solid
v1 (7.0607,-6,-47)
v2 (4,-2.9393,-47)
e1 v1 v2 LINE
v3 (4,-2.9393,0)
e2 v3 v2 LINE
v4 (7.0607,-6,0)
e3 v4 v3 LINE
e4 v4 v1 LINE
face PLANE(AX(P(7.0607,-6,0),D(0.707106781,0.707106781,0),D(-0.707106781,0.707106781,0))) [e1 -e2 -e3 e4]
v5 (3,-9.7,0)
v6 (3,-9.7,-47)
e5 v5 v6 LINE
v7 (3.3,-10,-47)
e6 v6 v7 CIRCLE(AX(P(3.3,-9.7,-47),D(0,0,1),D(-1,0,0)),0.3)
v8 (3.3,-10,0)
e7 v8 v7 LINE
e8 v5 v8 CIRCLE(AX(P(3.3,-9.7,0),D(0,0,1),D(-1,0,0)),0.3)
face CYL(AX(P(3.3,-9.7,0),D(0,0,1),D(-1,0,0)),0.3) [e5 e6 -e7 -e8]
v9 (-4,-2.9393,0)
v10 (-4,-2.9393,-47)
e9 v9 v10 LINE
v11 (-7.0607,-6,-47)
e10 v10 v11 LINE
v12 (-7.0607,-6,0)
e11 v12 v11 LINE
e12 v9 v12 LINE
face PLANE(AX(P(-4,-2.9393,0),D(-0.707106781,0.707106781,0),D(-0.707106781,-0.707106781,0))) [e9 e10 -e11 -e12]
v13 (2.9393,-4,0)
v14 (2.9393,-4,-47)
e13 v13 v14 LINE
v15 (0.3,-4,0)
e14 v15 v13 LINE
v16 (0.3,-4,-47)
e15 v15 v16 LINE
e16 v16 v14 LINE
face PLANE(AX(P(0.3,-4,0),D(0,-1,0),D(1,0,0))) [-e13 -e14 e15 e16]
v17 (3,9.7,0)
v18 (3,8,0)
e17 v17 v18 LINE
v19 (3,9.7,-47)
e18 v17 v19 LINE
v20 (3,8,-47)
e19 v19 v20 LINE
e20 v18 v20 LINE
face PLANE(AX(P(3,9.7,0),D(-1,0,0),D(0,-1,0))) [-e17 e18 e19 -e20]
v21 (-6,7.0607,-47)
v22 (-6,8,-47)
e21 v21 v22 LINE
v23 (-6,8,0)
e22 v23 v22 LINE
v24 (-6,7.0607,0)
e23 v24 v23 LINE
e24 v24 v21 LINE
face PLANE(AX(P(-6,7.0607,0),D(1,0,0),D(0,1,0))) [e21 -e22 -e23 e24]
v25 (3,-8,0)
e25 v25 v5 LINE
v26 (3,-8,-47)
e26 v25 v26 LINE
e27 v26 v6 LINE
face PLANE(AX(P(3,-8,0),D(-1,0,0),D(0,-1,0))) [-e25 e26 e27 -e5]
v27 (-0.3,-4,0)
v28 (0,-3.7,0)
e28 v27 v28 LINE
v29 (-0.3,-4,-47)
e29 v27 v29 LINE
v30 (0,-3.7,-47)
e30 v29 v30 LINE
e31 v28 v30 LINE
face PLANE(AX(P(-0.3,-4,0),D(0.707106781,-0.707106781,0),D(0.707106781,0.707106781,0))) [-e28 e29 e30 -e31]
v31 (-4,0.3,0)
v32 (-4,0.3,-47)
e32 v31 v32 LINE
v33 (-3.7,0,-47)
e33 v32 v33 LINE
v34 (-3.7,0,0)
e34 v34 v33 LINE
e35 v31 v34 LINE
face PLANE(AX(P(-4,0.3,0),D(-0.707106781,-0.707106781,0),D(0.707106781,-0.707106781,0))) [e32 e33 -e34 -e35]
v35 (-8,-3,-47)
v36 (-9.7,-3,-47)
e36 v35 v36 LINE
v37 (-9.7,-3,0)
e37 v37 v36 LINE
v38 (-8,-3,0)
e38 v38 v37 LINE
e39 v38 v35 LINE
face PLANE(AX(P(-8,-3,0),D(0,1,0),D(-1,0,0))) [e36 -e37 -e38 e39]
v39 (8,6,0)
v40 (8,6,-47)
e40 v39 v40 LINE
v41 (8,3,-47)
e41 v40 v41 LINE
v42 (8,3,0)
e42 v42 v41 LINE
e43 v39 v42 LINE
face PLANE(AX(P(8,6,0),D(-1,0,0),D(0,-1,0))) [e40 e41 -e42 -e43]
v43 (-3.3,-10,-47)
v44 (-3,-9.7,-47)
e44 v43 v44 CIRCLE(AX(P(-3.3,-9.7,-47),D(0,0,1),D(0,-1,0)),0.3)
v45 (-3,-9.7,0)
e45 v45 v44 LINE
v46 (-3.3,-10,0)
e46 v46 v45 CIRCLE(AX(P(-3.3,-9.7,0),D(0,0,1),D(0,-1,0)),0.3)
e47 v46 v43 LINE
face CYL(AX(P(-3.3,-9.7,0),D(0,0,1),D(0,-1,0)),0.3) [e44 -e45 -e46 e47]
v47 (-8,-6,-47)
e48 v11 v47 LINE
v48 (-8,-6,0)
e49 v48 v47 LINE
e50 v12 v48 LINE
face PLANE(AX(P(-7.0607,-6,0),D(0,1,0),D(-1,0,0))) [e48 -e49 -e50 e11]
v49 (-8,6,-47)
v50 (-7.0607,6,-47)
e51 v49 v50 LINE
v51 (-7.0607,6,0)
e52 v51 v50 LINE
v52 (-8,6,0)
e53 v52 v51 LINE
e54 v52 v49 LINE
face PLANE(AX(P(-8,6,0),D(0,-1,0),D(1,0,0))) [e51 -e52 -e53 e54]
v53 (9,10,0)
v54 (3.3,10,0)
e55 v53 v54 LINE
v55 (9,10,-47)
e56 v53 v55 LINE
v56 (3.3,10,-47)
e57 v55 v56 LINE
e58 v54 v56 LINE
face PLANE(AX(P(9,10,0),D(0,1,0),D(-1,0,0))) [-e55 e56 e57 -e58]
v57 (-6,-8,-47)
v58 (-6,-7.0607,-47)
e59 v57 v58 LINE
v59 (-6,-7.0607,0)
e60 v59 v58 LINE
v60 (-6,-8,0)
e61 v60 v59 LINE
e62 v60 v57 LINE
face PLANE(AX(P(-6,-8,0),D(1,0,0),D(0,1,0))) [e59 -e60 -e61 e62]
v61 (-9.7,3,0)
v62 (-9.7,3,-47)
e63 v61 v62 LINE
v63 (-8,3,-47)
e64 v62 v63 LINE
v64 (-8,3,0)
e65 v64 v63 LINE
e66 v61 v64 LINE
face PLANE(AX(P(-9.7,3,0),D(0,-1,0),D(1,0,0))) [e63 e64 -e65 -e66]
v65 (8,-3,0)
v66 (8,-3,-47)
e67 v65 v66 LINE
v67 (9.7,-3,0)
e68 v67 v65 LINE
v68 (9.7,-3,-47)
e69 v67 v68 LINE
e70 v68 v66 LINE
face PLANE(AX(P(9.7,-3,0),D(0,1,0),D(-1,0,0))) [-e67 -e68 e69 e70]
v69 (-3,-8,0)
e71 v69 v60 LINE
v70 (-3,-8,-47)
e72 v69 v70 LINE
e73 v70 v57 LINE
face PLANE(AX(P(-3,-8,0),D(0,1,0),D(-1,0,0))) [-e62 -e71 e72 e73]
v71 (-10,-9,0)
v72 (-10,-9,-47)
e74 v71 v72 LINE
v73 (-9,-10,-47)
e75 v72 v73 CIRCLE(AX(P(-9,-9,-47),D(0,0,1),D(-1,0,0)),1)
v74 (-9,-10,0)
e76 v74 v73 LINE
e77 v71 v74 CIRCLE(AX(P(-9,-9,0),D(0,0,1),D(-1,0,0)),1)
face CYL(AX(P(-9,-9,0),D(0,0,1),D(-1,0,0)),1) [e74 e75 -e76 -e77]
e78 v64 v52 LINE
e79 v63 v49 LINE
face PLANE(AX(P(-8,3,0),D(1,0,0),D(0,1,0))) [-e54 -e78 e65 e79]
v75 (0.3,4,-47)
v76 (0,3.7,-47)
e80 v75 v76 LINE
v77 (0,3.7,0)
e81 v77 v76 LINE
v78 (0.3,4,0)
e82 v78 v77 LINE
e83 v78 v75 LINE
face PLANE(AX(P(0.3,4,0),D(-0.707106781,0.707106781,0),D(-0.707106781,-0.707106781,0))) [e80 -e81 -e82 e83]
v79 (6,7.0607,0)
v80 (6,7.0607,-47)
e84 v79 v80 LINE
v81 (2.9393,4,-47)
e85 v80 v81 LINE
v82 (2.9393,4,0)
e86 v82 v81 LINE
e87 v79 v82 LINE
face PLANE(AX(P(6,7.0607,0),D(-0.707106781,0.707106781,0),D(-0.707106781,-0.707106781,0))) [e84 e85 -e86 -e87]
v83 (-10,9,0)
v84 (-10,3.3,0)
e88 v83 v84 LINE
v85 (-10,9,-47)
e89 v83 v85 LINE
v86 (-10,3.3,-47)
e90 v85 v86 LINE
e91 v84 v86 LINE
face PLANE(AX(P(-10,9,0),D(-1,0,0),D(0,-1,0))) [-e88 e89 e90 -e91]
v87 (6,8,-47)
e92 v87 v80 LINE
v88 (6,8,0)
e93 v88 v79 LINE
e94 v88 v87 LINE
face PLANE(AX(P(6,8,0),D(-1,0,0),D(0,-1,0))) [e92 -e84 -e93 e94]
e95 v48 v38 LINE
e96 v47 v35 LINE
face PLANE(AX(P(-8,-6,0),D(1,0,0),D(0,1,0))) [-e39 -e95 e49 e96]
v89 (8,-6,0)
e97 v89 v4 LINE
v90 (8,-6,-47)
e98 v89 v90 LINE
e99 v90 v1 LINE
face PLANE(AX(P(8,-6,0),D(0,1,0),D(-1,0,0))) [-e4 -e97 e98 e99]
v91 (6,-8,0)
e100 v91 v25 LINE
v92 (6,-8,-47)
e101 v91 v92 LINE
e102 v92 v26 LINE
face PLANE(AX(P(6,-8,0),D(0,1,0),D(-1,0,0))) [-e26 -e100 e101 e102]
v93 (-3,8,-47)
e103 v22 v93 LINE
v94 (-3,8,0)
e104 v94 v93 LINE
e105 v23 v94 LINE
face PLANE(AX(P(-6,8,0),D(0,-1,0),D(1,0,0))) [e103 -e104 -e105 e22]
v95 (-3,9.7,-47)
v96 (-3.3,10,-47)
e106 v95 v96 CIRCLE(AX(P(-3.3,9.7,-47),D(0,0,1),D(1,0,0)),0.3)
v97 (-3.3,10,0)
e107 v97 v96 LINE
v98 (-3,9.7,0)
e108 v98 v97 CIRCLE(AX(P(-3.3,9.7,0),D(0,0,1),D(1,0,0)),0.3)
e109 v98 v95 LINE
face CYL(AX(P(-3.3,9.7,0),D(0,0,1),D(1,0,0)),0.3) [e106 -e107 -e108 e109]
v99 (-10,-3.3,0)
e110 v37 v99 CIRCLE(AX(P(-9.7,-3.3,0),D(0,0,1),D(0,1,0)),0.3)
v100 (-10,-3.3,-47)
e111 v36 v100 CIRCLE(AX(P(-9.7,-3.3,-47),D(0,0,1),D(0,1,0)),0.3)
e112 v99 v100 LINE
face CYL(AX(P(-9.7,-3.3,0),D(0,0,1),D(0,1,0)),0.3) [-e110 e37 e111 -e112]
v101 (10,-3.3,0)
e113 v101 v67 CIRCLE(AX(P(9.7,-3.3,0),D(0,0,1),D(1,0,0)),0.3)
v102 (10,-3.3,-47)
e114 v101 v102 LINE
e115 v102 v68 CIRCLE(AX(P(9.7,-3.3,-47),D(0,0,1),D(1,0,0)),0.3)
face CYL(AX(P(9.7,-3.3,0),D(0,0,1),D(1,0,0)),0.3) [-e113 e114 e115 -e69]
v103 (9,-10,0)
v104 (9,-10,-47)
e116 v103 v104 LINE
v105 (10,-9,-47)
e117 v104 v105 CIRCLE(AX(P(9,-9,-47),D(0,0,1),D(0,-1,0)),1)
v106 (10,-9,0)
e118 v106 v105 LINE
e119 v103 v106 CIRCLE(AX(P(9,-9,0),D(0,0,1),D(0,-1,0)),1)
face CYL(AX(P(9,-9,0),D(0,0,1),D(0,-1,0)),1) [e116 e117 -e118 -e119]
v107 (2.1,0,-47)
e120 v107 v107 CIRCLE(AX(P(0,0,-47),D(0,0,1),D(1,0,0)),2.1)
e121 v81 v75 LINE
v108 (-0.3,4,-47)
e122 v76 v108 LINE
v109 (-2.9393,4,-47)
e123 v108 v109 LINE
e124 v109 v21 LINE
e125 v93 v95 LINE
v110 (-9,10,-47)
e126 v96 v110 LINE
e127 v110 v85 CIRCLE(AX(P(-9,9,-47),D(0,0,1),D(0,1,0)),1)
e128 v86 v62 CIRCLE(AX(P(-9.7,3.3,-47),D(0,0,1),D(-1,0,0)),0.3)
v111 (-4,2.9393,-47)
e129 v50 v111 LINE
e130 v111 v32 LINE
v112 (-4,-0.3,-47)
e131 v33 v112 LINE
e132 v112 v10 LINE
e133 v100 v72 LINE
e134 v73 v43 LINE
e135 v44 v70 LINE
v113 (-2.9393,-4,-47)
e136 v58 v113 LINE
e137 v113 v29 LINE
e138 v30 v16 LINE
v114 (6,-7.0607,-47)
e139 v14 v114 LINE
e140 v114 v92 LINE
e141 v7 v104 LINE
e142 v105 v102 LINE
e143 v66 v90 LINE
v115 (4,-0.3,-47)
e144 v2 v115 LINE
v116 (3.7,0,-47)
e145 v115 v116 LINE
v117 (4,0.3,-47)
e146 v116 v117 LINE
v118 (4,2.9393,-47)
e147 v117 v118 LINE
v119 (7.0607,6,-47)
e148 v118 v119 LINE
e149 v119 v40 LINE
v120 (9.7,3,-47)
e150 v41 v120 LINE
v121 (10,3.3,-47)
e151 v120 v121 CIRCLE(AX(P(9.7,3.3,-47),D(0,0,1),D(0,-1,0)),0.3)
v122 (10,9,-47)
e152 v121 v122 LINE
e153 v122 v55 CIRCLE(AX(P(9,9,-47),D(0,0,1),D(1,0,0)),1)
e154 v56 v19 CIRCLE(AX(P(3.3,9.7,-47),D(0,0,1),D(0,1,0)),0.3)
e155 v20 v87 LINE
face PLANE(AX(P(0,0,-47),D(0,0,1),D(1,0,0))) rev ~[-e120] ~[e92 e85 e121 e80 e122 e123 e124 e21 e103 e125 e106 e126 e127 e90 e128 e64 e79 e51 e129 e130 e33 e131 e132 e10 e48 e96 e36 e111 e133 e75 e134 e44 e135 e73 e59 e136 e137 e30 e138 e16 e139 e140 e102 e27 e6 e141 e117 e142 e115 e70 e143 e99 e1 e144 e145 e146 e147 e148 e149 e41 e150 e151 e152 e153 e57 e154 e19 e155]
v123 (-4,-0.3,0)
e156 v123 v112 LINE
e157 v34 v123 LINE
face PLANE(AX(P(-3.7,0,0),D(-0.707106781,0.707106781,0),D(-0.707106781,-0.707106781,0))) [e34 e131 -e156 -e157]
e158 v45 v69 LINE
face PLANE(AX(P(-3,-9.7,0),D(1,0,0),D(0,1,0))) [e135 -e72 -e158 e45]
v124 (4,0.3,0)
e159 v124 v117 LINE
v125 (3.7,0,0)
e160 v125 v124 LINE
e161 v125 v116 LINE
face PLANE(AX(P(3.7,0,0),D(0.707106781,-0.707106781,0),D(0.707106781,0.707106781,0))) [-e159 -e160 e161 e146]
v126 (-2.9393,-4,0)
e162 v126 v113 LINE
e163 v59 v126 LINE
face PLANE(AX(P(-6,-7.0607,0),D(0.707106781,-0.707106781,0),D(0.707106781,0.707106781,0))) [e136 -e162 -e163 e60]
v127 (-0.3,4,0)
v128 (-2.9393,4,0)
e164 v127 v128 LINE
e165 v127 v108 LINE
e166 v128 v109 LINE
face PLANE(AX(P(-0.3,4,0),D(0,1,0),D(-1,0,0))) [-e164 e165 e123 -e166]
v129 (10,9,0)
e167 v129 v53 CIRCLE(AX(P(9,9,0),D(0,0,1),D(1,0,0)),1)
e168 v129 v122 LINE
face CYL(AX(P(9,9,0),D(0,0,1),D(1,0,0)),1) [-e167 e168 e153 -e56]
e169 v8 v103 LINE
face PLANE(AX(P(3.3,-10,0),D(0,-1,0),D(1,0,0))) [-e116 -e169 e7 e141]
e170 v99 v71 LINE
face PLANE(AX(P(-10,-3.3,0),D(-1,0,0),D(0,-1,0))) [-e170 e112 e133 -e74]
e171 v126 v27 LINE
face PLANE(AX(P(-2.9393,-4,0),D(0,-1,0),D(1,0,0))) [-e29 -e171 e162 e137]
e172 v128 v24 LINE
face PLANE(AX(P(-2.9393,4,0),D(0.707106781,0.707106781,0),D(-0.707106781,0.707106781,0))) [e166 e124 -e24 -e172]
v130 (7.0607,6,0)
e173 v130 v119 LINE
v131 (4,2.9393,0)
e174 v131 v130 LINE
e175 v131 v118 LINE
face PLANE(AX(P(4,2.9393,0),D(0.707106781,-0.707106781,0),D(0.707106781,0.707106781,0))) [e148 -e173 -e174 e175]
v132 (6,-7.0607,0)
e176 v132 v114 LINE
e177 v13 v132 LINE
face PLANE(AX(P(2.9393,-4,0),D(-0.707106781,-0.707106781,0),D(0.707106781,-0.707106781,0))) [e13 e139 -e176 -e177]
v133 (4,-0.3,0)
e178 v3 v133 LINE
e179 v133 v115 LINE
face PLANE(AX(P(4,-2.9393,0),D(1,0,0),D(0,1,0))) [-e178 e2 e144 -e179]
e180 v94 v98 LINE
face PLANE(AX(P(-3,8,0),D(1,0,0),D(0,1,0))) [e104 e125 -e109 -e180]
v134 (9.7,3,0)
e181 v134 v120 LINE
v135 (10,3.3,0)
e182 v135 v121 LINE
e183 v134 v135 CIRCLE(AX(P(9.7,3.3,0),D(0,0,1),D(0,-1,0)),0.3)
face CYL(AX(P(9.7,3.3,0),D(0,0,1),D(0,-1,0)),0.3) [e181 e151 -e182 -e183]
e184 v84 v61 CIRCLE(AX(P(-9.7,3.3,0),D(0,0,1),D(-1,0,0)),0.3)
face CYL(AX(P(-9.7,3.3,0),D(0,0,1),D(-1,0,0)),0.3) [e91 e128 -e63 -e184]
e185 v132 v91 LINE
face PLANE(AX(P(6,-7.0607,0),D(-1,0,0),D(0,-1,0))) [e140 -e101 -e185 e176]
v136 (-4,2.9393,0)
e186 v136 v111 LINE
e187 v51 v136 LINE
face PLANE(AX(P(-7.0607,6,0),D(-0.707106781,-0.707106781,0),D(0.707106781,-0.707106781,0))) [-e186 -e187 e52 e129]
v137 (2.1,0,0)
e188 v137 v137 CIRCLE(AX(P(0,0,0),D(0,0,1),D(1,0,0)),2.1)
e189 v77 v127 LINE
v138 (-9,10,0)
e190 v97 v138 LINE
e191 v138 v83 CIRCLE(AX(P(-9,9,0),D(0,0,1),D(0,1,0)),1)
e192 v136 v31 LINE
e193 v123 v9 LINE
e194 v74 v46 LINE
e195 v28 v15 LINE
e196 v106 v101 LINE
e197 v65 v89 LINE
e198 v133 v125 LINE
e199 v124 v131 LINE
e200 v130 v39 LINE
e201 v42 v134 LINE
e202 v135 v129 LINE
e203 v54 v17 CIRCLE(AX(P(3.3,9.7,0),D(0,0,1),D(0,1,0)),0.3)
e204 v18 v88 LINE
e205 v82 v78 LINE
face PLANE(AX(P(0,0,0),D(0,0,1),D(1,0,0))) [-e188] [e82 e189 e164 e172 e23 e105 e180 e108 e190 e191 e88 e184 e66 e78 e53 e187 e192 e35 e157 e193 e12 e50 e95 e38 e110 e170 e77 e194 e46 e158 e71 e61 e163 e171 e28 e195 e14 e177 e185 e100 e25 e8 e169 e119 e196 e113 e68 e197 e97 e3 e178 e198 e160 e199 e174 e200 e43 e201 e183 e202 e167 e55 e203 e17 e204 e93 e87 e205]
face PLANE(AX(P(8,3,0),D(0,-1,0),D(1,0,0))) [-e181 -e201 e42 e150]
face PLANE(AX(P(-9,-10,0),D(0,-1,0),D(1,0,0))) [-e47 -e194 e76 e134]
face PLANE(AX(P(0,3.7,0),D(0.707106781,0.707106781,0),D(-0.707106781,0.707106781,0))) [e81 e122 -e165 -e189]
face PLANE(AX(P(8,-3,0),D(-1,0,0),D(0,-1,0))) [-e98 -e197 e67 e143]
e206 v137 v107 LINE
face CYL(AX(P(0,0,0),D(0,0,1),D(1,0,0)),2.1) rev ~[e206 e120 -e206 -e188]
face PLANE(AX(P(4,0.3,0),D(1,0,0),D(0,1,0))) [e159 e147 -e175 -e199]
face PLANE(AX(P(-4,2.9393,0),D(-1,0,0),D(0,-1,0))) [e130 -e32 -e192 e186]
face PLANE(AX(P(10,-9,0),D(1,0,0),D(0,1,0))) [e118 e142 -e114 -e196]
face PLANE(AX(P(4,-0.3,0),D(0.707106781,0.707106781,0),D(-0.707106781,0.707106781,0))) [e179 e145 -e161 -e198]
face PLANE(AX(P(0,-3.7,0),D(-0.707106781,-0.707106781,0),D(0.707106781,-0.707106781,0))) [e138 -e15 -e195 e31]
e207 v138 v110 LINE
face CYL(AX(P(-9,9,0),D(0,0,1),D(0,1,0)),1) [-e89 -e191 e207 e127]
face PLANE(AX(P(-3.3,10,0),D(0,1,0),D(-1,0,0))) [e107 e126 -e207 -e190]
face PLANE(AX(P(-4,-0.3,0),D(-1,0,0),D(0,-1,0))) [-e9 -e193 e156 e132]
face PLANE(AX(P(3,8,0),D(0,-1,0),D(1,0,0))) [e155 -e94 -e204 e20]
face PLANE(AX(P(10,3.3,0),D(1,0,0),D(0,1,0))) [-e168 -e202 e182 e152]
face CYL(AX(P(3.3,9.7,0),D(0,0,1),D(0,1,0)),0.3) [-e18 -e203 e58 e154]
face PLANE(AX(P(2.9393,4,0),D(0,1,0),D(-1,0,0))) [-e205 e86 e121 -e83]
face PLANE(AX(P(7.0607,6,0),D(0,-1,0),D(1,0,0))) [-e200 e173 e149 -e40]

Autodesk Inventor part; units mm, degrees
ref_plane "YZ Plane" through (0, 0, 0) normal (1, 0, 0) x (0, 1, 0)
ref_plane "XZ Plane" through (0, 0, 0) normal (0, 1, 0) x (-1, 0, 0)
ref_plane "XY Plane" through (0, 0, 0) normal (0, 0, 1) x (1, 0, 0)
sketch "Sketch_5" plane through (0, 0, 0) normal (0, 0, 1) x (1, 0, 0)
  line L0 (-10, 9) -> (-10, 3.3)
  arc A0 (-10, 3.3) -> (-9.7, 3) centre (-9.7, 3.3) ccw
  line L1 (-9.7, 3) -> (-8, 3)
  line L2 (-8, 3) -> (-8, 6)
  line L3 (-8, 6) -> (-7.0607, 6)
  line L4 (-7.0607, 6) -> (-4, 2.9393)
  line L5 (-4, 2.9393) -> (-4, 0.3)
  line L6 (-4, 0.3) -> (-3.7, 0)
  line L7 (-3.7, 0) -> (-4, -0.3)
  line L8 (-4, -0.3) -> (-4, -2.9393)
  line L9 (-4, -2.9393) -> (-7.0607, -6)
  line L10 (-7.0607, -6) -> (-8, -6)
  line L11 (-8, -6) -> (-8, -3)
  line L12 (-8, -3) -> (-9.7, -3)
  arc A1 (-9.7, -3) -> (-10, -3.3) centre (-9.7, -3.3) ccw
  line L13 (-10, -3.3) -> (-10, -9)
  arc A2 (-10, -9) -> (-9, -10) centre (-9, -9) ccw
  line L14 (-9, -10) -> (-3.3, -10)
  arc A3 (-3.3, -10) -> (-3, -9.7) centre (-3.3, -9.7) ccw
  line L15 (-3, -9.7) -> (-3, -8)
  line L16 (-3, -8) -> (-6, -8)
  line L17 (-6, -8) -> (-6, -7.0607)
  line L18 (-6, -7.0607) -> (-2.9393, -4)
  line L19 (-2.9393, -4) -> (-0.3, -4)
  line L20 (-0.3, -4) -> (0, -3.7)
  line L21 (0, -3.7) -> (0.3, -4)
  line L22 (0.3, -4) -> (2.9393, -4)
  line L23 (2.9393, -4) -> (6, -7.0607)
  line L24 (6, -7.0607) -> (6, -8)
  line L25 (6, -8) -> (3, -8)
  line L26 (3, -8) -> (3, -9.7)
  arc A4 (3, -9.7) -> (3.3, -10) centre (3.3, -9.7) ccw
  line L27 (3.3, -10) -> (9, -10)
  arc A5 (9, -10) -> (10, -9) centre (9, -9) ccw
  line L28 (10, -9) -> (10, -3.3)
  arc A6 (10, -3.3) -> (9.7, -3) centre (9.7, -3.3) ccw
  line L29 (9.7, -3) -> (8, -3)
  line L30 (8, -3) -> (8, -6)
  line L31 (8, -6) -> (7.0607, -6)
  line L32 (7.0607, -6) -> (4, -2.9393)
  line L33 (4, -2.9393) -> (4, -0.3)
  line L34 (4, -0.3) -> (3.7, 0)
  line L35 (3.7, 0) -> (4, 0.3)
  line L36 (4, 0.3) -> (4, 2.9393)
  line L37 (4, 2.9393) -> (7.0607, 6)
  line L38 (7.0607, 6) -> (8, 6)
  line L39 (8, 6) -> (8, 3)
  line L40 (8, 3) -> (9.7, 3)
  arc A7 (9.7, 3) -> (10, 3.3) centre (9.7, 3.3) ccw
  line L41 (10, 3.3) -> (10, 9)
  arc A8 (10, 9) -> (9, 10) centre (9, 9) ccw
  line L42 (9, 10) -> (3.3, 10)
  arc A9 (3.3, 10) -> (3, 9.7) centre (3.3, 9.7) ccw
  line L43 (3, 9.7) -> (3, 8)
  line L44 (3, 8) -> (6, 8)
  line L45 (6, 8) -> (6, 7.0607)
  line L46 (6, 7.0607) -> (2.9393, 4)
  line L47 (2.9393, 4) -> (0.3, 4)
  line L48 (0.3, 4) -> (0, 3.7)
  line L49 (0, 3.7) -> (-0.3, 4)
  line L50 (-0.3, 4) -> (-2.9393, 4)
  line L51 (-2.9393, 4) -> (-6, 7.0607)
  line L52 (-6, 7.0607) -> (-6, 8)
  line L53 (-6, 8) -> (-3, 8)
  line L54 (-3, 8) -> (-3, 9.7)
  arc A10 (-3, 9.7) -> (-3.3, 10) centre (-3.3, 9.7) ccw
  line L55 (-3.3, 10) -> (-9, 10)
  arc A11 (-9, 10) -> (-10, 9) centre (-9, 9) ccw
  circle A12 centre (0, 0) radius 2.1
extrude "Extrusion1" add sketch "Sketch_5" against normal blind 47
properties part number "KHFS5-2020-4000"
